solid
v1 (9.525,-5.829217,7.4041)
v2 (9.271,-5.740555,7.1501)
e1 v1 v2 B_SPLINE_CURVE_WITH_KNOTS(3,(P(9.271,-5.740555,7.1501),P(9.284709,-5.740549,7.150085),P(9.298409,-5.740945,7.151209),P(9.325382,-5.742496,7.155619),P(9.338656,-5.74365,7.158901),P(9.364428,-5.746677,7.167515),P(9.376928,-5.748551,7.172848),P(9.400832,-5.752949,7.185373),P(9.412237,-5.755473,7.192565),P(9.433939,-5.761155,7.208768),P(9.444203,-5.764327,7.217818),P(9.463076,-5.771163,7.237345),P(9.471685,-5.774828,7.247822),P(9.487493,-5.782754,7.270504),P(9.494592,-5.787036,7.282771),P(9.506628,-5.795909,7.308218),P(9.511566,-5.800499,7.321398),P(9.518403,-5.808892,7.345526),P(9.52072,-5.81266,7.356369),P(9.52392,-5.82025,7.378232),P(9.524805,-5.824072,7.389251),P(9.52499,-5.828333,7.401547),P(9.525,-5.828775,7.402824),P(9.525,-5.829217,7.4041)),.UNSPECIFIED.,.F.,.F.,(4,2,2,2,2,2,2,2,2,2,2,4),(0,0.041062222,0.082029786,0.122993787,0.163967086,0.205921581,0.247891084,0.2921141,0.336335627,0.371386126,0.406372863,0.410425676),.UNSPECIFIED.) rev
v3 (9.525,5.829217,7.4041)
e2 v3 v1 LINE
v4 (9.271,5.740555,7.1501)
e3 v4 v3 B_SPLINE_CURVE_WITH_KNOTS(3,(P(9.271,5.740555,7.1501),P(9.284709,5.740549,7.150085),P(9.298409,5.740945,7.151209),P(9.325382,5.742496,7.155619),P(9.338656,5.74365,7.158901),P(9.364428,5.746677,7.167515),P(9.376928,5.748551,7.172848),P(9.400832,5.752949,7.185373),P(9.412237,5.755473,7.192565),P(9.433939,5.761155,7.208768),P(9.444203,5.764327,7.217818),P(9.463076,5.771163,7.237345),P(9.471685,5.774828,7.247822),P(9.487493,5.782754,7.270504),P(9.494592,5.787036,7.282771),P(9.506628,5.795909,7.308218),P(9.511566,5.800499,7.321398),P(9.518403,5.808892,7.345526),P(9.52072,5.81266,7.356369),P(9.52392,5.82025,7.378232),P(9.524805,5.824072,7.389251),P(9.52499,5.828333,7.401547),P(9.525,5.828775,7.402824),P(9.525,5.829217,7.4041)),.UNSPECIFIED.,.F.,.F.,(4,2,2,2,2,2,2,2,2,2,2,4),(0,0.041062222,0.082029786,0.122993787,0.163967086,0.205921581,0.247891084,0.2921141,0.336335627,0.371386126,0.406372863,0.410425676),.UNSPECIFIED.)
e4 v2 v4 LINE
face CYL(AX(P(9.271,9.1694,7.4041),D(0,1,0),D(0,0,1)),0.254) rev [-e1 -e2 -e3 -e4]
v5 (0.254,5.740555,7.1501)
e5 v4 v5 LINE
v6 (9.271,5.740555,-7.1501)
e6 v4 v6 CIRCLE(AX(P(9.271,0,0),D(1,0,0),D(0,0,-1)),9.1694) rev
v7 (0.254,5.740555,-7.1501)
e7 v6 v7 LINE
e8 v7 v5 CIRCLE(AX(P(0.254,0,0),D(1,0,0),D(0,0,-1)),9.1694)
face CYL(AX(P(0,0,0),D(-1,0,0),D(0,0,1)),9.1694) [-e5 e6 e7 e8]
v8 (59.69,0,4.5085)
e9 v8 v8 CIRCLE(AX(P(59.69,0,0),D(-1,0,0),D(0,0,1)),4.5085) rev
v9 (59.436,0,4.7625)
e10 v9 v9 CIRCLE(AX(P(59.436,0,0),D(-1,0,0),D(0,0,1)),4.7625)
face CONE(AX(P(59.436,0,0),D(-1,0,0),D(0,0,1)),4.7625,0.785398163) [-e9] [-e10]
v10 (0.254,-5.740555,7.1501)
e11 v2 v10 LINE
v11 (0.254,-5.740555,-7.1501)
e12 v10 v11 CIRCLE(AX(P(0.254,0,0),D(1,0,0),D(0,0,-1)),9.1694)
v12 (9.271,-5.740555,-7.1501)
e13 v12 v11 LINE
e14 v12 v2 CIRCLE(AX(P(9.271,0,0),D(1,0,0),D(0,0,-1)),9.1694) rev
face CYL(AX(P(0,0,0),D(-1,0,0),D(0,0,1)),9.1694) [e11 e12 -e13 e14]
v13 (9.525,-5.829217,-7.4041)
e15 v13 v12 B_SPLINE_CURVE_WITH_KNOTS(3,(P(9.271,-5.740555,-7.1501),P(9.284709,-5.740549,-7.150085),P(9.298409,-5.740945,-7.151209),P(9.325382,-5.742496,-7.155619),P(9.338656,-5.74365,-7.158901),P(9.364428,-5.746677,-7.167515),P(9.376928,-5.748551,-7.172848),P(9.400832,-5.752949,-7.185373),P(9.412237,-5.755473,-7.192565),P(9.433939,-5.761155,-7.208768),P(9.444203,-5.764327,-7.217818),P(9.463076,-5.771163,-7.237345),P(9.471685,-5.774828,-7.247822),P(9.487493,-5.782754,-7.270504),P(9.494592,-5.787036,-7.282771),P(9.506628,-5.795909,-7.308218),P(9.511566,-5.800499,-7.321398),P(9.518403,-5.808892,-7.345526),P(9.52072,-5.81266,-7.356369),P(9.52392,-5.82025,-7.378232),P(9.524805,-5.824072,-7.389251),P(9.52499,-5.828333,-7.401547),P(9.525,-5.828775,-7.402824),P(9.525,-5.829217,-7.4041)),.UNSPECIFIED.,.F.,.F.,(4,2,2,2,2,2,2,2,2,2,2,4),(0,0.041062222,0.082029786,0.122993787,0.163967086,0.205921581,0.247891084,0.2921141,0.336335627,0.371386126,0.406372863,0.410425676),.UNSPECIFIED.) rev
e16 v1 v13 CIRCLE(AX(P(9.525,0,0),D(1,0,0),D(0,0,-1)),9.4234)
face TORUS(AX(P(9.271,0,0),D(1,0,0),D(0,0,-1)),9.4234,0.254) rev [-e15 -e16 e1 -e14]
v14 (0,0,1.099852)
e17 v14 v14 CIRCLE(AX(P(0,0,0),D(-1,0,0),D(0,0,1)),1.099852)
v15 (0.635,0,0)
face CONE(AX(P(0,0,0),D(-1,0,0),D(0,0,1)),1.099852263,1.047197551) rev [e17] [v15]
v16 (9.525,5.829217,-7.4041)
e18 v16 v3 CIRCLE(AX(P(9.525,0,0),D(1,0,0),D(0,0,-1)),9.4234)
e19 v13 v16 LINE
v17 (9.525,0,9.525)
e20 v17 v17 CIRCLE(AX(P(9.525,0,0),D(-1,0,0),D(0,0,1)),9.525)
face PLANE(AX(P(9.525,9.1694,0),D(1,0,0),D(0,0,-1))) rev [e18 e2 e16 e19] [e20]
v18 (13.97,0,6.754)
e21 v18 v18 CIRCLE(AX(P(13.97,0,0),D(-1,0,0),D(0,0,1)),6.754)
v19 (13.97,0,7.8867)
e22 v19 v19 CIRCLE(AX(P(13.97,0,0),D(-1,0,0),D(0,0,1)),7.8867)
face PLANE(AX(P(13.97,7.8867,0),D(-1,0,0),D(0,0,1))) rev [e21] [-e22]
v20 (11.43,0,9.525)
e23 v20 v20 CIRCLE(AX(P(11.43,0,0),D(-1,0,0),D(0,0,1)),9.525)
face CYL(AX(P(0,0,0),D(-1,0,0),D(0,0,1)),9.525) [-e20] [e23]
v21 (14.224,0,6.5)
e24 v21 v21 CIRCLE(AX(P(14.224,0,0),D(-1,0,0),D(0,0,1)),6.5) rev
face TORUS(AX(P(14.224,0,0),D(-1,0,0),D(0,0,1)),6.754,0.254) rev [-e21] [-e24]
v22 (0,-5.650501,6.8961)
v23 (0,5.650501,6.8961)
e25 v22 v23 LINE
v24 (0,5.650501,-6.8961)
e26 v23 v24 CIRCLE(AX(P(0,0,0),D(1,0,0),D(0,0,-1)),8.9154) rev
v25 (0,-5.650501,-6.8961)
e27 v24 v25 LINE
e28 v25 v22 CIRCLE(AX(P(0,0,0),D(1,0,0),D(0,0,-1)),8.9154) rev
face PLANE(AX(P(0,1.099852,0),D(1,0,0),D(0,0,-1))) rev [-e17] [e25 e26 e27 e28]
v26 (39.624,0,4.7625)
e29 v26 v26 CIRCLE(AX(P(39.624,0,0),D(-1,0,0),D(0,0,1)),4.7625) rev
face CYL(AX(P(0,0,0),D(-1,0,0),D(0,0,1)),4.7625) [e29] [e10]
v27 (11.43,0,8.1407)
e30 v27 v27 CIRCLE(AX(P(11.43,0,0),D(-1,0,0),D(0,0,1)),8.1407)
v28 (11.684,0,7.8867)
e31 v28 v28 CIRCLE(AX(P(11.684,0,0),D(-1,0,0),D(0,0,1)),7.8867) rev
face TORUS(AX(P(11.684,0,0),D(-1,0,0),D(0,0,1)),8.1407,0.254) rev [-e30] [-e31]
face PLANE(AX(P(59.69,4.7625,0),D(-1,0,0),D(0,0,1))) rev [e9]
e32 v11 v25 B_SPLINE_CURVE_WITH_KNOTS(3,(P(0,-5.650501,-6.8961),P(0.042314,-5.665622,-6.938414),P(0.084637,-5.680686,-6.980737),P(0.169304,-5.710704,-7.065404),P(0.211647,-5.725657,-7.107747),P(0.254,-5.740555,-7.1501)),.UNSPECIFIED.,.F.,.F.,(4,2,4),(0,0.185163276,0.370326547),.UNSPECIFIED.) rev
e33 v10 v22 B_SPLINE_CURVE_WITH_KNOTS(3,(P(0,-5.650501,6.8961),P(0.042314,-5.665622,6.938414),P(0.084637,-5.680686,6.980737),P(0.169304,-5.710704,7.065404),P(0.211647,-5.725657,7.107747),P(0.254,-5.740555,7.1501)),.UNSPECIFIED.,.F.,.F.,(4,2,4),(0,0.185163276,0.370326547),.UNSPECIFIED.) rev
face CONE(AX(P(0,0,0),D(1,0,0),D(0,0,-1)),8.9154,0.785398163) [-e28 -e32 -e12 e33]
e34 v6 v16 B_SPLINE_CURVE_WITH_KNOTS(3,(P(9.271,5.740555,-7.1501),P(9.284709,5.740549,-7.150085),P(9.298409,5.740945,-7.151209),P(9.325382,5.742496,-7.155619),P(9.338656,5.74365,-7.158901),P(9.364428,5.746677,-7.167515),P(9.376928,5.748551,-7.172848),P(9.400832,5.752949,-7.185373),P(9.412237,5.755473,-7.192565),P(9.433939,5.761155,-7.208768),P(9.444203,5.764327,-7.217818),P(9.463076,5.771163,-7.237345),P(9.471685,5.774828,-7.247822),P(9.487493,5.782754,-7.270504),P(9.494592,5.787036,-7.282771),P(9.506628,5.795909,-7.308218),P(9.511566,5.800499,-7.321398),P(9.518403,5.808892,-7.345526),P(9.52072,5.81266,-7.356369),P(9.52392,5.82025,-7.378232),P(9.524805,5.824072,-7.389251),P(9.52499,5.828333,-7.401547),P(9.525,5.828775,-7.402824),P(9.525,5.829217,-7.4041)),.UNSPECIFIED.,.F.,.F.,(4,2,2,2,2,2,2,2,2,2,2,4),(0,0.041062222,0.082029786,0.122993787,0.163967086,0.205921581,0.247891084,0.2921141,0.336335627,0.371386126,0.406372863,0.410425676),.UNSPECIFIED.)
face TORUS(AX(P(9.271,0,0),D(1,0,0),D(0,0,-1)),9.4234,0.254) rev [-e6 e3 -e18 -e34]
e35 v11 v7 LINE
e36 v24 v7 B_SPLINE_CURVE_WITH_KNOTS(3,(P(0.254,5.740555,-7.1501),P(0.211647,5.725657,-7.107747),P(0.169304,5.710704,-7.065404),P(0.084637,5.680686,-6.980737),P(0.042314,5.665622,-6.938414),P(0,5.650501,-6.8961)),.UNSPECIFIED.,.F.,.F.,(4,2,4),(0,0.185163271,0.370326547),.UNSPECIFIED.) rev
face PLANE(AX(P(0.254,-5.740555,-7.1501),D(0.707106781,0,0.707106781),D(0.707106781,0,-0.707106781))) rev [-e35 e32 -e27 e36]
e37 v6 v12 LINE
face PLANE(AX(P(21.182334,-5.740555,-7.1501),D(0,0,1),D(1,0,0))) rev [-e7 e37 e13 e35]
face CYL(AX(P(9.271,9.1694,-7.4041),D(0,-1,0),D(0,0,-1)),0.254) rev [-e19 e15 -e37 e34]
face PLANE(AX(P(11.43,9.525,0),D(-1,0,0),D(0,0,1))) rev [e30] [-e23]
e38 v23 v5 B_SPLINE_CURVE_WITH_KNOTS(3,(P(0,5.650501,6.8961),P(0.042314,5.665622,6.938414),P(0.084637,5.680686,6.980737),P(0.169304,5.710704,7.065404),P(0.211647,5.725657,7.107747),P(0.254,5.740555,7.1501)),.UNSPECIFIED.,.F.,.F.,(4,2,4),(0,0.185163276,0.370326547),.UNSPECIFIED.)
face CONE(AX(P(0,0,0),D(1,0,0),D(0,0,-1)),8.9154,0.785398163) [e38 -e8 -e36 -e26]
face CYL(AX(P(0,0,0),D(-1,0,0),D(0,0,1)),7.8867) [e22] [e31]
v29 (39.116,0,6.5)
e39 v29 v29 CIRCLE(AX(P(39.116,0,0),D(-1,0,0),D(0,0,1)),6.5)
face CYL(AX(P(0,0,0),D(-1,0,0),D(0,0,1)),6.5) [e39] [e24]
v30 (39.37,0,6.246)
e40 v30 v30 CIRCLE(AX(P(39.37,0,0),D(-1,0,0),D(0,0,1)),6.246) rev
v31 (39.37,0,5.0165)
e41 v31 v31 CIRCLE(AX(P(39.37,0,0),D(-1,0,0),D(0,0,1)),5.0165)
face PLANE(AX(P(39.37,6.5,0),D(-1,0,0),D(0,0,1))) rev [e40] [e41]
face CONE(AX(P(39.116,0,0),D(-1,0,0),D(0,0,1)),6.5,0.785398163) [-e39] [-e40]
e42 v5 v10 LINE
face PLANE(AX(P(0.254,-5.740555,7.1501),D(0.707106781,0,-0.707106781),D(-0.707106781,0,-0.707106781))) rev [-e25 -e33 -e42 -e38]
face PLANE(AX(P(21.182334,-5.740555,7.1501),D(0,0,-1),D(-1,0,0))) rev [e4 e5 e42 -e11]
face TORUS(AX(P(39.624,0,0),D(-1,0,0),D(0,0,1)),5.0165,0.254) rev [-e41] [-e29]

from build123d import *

# Parameters (mm, degrees)
CUT_EXTRUDE1_DEPTH = 9.525
CHAMFER1_SIZE      = 0.254
FILLET1_R          = 0.254


with BuildPart() as part:
    # Sketch1 → Revolve1 (revolve)
    with BuildSketch(Plane.XY):
        Polygon((0, 9.1694), (9.525, 9.1694), (9.525, 9.525), (11.43, 9.525), (11.43, 7.8867), (13.97, 7.8867), (13.97, 6.5), (39.37, 6.5), (39.37, 4.7625), (59.69, 4.7625), (59.69, 0), (0.635, 0), (0, 1.099852263), align=None)
    revolve(axis=Axis((0, 0, 0), (1, 0, 0)))

    # Sketch2 → Cut-Extrude1 (cut)
    with BuildSketch(Plane.ZY):
        with BuildLine():
            Line((-7.1501, -5.740554533), (-7.1501, 5.740554533))
            ThreePointArc((-7.1501, 5.740554533), (-9.1694, 0), (-7.1501, -5.740554533))
        make_face()
        with BuildLine():
            Line((7.1501, -5.740554533), (7.1501, 5.740554533))
            ThreePointArc((7.1501, 5.740554533), (9.1694, 0), (7.1501, -5.740554533))
        make_face()
    extrude(amount=-CUT_EXTRUDE1_DEPTH, mode=Mode.SUBTRACT)

    # Chamfer1
    chamfer1_edges = [part.edges().sort_by_distance(p)[0] for p in [
        (0, 9.1694, 0),
        (39.37, -6.5, 0),
        (0, 0, 7.1501),
        (0, -9.1694, 0),
        (0, 0, -7.1501),
        (59.69, -4.7625, 0),
    ]]
    chamfer(chamfer1_edges, length=CHAMFER1_SIZE)

    # Fillet1
    fillet1_edges = [part.edges().sort_by_distance(p)[0] for p in [
        (9.525, 9.1694, 0),
        (11.43, -7.8867, 0),
        (13.97, -6.5, 0),
        (9.525, 0, 7.1501),
        (9.525, -9.1694, 0),
        (9.525, 0, -7.1501),
        (39.37, -4.7625, 0),
    ]]
    fillet(fillet1_edges, radius=FILLET1_R)


solid = part.part
